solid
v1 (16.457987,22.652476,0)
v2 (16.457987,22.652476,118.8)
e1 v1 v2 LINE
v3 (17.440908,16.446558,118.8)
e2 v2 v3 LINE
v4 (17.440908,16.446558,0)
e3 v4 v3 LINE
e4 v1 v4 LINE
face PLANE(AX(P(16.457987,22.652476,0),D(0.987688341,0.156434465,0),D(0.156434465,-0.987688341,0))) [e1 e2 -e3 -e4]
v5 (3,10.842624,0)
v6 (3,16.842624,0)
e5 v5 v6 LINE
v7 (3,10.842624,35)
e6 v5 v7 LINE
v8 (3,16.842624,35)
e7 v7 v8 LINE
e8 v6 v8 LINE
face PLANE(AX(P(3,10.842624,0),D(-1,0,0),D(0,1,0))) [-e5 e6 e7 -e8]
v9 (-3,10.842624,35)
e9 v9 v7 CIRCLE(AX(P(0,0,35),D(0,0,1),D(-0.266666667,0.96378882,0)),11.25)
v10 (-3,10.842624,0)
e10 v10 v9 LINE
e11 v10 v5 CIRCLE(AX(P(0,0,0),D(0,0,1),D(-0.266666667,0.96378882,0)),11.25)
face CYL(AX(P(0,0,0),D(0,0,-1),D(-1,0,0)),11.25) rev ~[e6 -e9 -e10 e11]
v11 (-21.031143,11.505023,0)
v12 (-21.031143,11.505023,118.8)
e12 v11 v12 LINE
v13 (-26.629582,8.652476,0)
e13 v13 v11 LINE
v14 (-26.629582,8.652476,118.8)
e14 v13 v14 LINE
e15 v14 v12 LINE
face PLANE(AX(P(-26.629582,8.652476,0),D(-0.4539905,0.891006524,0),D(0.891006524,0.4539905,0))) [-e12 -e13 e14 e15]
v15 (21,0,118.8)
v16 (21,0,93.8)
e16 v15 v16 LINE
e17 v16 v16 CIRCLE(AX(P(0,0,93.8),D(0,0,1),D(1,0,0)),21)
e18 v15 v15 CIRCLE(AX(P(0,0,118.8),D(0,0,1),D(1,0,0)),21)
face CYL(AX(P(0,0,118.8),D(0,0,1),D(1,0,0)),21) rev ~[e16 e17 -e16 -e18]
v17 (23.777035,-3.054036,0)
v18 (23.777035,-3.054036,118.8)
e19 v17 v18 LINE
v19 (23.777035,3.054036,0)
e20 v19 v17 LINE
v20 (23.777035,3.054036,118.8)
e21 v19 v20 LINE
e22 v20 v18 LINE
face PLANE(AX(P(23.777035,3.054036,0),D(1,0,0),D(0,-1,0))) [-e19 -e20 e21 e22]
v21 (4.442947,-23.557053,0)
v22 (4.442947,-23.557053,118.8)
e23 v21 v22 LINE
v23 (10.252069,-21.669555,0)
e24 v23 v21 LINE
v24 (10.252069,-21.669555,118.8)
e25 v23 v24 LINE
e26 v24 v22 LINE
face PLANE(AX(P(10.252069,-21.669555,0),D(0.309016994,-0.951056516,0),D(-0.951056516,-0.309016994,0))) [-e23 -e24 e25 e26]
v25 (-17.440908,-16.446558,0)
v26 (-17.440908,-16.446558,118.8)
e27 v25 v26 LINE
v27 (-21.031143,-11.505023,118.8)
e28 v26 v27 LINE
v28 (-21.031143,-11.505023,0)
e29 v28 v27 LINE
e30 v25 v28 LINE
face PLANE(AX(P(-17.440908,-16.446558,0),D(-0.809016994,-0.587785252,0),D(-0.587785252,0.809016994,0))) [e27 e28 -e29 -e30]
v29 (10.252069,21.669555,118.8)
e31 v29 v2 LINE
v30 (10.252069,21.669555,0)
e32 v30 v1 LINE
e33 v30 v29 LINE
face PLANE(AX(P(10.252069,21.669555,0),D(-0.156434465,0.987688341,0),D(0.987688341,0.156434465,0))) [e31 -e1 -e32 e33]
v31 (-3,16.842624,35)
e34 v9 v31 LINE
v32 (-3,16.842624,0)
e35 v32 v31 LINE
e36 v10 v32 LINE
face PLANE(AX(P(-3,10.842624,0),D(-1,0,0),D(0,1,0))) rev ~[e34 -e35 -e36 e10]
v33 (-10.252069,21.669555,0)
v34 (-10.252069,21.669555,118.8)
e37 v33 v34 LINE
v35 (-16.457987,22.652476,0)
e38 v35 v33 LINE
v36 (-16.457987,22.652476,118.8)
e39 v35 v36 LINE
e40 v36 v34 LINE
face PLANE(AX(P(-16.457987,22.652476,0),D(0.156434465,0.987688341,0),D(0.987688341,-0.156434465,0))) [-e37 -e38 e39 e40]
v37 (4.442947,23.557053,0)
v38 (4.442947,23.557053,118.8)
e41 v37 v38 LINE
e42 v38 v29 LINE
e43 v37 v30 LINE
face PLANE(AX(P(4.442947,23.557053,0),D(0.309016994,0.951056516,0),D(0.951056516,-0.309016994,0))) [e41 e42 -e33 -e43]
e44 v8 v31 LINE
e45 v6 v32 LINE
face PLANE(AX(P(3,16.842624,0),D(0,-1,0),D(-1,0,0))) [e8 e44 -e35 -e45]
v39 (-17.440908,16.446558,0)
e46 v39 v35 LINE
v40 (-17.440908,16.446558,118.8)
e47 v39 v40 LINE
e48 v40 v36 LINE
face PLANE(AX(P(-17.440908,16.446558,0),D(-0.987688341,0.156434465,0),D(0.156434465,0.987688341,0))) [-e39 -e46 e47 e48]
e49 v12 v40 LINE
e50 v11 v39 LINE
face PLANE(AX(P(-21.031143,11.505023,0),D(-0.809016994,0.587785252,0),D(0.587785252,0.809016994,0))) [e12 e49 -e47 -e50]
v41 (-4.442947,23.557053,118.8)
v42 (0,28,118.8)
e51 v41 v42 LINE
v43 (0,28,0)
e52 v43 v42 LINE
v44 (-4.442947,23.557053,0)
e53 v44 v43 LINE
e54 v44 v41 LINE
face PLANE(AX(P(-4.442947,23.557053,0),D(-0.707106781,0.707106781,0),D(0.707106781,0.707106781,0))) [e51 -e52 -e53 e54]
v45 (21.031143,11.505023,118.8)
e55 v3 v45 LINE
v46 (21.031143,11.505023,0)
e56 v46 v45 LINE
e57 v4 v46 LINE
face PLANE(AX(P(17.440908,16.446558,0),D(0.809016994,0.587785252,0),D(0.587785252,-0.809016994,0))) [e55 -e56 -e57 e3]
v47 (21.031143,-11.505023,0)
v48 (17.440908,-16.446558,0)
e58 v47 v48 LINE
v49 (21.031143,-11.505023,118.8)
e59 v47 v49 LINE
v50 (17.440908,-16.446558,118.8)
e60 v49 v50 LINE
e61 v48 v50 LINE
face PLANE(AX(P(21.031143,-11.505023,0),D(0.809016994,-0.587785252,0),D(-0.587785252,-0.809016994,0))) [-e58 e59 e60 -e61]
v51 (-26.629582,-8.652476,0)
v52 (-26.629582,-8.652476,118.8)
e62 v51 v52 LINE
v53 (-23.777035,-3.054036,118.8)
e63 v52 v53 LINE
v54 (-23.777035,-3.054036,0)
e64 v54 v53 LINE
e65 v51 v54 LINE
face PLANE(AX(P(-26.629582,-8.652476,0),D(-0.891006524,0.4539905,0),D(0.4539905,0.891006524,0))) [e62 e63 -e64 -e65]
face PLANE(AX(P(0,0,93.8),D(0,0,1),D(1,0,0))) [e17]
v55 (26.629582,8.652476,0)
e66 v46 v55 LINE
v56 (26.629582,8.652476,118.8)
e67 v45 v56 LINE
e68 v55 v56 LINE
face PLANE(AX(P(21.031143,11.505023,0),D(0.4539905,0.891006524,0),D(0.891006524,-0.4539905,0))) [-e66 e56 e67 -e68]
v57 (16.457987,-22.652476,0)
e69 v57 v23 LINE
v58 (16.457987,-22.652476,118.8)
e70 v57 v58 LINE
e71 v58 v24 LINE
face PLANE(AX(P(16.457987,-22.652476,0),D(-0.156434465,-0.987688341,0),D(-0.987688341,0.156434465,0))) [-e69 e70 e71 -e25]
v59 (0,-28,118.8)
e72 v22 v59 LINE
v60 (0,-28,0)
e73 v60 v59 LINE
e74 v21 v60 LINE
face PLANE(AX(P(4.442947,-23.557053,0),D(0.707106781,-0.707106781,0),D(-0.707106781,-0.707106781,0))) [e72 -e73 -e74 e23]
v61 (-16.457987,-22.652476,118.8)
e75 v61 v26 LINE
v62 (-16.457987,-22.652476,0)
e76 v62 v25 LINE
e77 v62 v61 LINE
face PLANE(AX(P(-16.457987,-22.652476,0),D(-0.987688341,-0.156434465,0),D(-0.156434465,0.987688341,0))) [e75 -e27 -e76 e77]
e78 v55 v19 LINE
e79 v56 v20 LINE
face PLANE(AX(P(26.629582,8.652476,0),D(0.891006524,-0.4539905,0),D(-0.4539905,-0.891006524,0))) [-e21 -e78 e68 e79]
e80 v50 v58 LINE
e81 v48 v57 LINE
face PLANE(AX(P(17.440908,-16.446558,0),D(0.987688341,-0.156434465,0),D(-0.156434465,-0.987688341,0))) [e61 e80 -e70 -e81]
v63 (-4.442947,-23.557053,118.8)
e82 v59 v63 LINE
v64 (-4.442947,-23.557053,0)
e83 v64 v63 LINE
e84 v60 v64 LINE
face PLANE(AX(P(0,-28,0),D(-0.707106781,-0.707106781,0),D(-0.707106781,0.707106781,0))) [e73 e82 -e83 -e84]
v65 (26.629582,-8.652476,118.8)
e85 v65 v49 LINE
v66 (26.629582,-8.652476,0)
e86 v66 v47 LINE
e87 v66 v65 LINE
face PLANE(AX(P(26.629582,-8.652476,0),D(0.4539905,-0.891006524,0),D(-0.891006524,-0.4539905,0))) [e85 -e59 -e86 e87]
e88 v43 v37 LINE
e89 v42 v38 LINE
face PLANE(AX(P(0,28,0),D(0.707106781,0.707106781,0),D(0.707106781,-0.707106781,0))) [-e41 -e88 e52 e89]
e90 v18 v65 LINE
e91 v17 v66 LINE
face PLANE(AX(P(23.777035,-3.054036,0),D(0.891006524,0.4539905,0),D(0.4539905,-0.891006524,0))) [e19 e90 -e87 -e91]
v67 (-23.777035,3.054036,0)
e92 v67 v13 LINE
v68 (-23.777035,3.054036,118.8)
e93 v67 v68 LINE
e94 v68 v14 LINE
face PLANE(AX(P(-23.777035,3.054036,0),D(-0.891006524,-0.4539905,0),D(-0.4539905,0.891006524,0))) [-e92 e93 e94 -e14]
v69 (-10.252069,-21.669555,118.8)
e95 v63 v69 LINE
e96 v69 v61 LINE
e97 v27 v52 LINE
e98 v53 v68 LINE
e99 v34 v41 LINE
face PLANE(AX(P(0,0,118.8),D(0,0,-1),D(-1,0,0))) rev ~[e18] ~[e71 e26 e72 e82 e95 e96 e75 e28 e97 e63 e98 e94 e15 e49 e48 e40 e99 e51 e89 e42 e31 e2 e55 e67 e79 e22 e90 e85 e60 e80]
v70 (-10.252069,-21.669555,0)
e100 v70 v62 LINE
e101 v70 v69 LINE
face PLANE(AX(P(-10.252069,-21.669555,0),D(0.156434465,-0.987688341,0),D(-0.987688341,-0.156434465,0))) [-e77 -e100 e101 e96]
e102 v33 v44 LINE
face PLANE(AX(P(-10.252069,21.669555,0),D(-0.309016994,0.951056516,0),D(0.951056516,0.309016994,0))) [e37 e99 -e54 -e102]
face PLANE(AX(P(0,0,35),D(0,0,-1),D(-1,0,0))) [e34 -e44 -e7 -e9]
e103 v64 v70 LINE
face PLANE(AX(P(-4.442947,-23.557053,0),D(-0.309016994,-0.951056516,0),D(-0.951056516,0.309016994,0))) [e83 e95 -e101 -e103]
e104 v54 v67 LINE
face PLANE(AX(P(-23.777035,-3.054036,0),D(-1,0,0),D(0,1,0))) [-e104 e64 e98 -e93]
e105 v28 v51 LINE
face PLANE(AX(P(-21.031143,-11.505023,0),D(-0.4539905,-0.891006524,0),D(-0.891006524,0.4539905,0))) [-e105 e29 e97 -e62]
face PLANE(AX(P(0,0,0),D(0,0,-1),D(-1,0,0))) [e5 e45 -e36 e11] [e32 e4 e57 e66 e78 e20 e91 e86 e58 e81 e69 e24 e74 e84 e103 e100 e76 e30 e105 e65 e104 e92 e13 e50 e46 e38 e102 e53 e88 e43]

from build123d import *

# Parameters (mm, degrees)
SKETCH2_R           = 22.5
BOSS_EXTRUDE1_DEPTH = 118.8
SKETCH3_R           = 11.25
CUT_EXTRUDE1_DEPTH  = 35
SKETCH4_W           = 6
SKETCH4_H           = 6
CUT_EXTRUDE2_DEPTH  = 35
SKETCH5_R           = 21
CUT_EXTRUDE3_DEPTH  = 25
BOSS_EXTRUDE2_START = -118.8
SKETCH6_R           = 22.5
BOSS_EXTRUDE2_DEPTH = 118.8


with BuildPart() as part:
    # Sketch2 → Boss-Extrude1 (new body)
    with BuildSketch(Plane.XY):
        Circle(SKETCH2_R)
    extrude(amount=BOSS_EXTRUDE1_DEPTH)

    # Sketch3 → Cut-Extrude1 (cut)
    with BuildSketch(Plane(origin=(0, 0, 0), x_dir=(-1, 0, 0), z_dir=(0, 0, -1))):
        Circle(SKETCH3_R)
    extrude(amount=-CUT_EXTRUDE1_DEPTH, mode=Mode.SUBTRACT)

    # Sketch4 → Cut-Extrude2 (cut)
    with BuildSketch(Plane(origin=(0, 0, 0), x_dir=(-1, 0, 0), z_dir=(0, 0, -1))):
        with Locations((0, 13.842624221)):
            Rectangle(SKETCH4_W, SKETCH4_H)
    extrude(amount=-CUT_EXTRUDE2_DEPTH, mode=Mode.SUBTRACT)

    # Sketch5 → Cut-Extrude3 (cut)
    with BuildSketch(Plane.XY.offset(118.8)):
        Circle(SKETCH5_R)
    extrude(amount=-CUT_EXTRUDE3_DEPTH, mode=Mode.SUBTRACT)

    # Sketch6 → Boss-Extrude2 (add)
    with BuildSketch(Plane.XY.offset(118.8).offset(BOSS_EXTRUDE2_START)):
        Polygon((-4.44294699, 23.55705301), (0, 28), (4.44294699, 23.55705301), (10.252068727, 21.66955494), (16.457987064, 22.652475842), (17.440907967, 16.446557506), (21.031142645, 11.505023404), (26.629582456, 8.652475842), (23.777034895, 3.054036032), (23.777034895, -3.054036032), (26.629582456, -8.652475842), (21.031142645, -11.505023404), (17.440907967, -16.446557506), (16.457987064, -22.652475842), (10.252068727, -21.66955494), (4.44294699, -23.55705301), (0, -28), (-4.44294699, -23.55705301), (-10.252068727, -21.66955494), (-16.457987064, -22.652475842), (-17.440907967, -16.446557506), (-21.031142645, -11.505023404), (-26.629582456, -8.652475842), (-23.777034895, -3.054036032), (-23.777034895, 3.054036032), (-26.629582456, 8.652475842), (-21.031142645, 11.505023404), (-17.440907967, 16.446557506), (-16.457987064, 22.652475842), (-10.252068727, 21.66955494), align=None)
        Circle(SKETCH6_R, mode=Mode.SUBTRACT)
    extrude(amount=BOSS_EXTRUDE2_DEPTH)


solid = part.part
